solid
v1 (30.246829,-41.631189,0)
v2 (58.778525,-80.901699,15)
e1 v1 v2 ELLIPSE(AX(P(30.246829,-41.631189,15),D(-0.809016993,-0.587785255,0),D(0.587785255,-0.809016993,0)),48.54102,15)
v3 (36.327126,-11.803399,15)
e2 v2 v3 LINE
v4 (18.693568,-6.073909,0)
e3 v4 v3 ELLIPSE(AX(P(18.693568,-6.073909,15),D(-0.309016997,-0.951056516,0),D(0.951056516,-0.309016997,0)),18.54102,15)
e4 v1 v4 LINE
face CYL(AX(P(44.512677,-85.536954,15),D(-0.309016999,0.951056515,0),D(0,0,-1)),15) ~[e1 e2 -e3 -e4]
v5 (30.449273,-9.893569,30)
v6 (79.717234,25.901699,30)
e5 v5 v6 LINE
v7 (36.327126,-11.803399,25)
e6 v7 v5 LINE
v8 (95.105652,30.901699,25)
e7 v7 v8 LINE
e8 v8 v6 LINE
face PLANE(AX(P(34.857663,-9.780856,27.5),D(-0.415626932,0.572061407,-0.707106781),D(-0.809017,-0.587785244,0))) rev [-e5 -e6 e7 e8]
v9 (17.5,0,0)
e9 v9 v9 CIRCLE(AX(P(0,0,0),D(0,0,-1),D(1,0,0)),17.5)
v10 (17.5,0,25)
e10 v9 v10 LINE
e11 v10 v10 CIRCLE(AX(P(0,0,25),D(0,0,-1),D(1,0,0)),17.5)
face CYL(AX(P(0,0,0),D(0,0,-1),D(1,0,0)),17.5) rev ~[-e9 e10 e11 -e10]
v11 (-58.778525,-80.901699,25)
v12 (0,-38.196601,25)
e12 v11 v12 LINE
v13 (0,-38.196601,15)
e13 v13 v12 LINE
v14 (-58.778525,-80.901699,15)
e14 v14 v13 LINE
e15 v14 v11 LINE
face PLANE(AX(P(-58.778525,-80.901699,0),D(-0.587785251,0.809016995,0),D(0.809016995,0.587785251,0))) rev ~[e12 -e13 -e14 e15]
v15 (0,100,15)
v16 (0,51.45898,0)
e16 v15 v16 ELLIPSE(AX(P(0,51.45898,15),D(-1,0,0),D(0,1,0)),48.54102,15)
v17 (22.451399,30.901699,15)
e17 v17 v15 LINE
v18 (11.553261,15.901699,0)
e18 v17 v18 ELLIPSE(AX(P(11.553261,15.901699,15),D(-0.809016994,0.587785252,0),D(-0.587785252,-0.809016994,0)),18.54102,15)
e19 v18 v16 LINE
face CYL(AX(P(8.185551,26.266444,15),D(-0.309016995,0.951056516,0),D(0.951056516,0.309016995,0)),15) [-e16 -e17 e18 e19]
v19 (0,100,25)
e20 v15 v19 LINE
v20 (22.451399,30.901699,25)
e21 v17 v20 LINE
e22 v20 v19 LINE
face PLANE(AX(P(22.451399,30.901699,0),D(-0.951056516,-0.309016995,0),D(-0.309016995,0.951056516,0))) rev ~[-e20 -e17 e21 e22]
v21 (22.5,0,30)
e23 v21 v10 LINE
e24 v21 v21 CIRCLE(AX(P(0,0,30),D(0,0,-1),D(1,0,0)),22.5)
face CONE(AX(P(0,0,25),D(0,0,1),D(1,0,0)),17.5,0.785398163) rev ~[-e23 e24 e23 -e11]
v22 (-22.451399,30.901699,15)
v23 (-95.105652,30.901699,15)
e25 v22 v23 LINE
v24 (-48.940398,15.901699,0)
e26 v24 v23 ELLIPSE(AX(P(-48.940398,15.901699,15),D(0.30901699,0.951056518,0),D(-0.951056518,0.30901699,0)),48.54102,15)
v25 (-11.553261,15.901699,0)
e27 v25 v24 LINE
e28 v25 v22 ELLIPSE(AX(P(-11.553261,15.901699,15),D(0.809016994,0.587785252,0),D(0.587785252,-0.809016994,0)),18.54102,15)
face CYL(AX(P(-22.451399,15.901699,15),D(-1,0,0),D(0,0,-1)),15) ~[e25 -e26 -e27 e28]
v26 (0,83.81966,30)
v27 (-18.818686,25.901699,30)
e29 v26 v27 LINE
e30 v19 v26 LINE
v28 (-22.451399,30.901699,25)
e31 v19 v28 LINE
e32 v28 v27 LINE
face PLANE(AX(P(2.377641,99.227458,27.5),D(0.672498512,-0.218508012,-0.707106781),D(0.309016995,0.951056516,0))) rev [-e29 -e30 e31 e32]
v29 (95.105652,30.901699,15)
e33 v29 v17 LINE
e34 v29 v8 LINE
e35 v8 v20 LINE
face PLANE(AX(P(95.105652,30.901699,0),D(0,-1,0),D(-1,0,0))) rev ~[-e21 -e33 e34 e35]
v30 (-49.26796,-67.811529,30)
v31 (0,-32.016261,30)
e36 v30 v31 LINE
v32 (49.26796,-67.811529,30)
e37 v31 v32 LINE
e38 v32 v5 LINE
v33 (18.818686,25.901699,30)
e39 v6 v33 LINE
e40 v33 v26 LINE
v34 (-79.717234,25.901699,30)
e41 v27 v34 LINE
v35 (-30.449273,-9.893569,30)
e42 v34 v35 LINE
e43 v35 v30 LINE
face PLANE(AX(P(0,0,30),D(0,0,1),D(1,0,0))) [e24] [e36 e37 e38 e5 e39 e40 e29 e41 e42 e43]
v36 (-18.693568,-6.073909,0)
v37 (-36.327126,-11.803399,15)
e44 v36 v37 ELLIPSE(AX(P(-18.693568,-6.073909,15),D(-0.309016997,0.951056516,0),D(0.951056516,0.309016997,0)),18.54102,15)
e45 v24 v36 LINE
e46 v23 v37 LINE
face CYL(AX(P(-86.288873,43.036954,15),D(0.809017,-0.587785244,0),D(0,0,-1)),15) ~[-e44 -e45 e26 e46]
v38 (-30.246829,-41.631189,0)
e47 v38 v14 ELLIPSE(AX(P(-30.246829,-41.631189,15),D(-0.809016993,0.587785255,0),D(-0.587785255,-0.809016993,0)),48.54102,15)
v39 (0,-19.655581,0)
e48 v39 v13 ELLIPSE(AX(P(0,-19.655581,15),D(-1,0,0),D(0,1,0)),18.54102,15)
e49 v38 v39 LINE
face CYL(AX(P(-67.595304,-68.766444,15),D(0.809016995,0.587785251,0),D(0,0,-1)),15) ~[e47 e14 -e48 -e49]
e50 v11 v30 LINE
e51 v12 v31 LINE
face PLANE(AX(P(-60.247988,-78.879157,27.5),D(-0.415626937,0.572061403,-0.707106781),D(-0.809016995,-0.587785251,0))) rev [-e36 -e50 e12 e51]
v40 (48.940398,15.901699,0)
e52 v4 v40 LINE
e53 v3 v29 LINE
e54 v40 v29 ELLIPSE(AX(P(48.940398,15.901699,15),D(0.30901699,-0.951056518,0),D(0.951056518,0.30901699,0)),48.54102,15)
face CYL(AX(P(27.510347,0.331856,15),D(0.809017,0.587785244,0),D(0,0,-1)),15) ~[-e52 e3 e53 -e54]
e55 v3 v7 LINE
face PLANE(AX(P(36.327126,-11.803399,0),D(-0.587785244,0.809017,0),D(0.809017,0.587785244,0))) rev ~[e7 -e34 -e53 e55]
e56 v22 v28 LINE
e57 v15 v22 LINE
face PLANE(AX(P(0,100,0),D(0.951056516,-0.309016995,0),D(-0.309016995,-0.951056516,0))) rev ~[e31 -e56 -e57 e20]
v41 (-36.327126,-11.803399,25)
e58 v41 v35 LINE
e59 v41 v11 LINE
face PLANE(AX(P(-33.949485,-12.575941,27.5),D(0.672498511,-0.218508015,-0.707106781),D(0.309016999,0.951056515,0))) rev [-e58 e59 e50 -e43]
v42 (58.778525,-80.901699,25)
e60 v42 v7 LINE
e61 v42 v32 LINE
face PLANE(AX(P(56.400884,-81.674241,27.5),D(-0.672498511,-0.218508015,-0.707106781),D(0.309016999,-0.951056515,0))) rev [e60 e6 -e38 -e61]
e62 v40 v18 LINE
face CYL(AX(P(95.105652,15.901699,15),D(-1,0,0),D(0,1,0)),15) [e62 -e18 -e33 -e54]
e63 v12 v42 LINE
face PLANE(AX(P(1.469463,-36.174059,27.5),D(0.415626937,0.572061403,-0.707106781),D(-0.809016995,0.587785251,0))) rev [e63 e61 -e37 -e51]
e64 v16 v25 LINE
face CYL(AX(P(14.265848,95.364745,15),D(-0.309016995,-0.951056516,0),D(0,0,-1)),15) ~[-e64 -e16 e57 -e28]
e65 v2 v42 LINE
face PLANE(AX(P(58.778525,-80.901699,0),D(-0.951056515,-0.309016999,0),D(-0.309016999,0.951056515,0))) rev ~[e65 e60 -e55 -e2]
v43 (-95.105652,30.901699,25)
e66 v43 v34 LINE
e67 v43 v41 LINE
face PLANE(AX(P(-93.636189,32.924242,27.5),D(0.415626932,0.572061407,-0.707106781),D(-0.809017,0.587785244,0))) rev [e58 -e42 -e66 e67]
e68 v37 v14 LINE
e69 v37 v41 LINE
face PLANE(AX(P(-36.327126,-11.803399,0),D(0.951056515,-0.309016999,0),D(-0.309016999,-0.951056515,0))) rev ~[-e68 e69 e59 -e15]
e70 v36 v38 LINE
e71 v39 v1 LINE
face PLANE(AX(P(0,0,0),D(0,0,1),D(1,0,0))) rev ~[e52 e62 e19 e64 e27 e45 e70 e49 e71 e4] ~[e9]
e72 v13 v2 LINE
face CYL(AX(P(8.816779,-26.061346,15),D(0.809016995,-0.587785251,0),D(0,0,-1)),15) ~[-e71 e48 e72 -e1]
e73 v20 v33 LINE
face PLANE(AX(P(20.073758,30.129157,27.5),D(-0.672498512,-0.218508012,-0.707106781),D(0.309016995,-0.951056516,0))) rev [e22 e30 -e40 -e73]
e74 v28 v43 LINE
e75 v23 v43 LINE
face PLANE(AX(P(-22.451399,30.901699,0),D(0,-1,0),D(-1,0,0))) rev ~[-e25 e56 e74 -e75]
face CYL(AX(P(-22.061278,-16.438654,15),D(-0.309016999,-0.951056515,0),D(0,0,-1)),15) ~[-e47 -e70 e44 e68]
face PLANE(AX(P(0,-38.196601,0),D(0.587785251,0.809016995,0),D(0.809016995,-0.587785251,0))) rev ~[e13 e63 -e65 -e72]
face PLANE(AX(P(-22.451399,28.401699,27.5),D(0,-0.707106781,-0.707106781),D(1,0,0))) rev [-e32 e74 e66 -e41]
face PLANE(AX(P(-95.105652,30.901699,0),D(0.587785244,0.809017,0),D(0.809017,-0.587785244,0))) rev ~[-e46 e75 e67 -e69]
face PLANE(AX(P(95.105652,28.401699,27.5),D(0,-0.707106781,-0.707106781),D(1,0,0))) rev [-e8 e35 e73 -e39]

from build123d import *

# Parameters (mm, degrees)
F1_DEPTH = 30
F2_SIZE  = 5
F3_R     = 15
F4_R     = 17.5
F5_DEPTH = 40
F6_SIZE  = 5


with BuildPart() as f1:
    # F0 (on Top) → F1 (new body)
    with BuildSketch(Plane.XY):
        Polygon((22.451399, 30.901699), (0, 100), (-22.451399, 30.901699), (-95.105652, 30.901699), (-36.327126, -11.803399), (-58.778525, -80.901699), (0, -38.196601), (58.778525, -80.901699), (36.327126, -11.803399), (95.105652, 30.901699), align=None)
    extrude(amount=F1_DEPTH)

    # F2
    f2_edges = [f1.edges().sort_by_distance(p)[0] for p in [
        (65.716389, 9.54915, 30),
        (58.778525, 30.901699, 30),
        (11.225699, 65.45085, 30),
        (-11.225699, 65.45085, 30),
        (-58.778525, 30.901699, 30),
        (-65.716389, 9.54915, 30),
        (-47.552826, -46.352549, 30),
        (-29.389263, -59.54915, 30),
        (29.389263, -59.54915, 30),
        (47.552826, -46.352549, 30),
    ]]
    chamfer(f2_edges, length=F2_SIZE)

    # F3
    f3_edges = [f1.edges().sort_by_distance(p)[0] for p in [
        (65.716389, 9.54915, 0),
        (58.778525, 30.901699, 0),
        (11.225699, 65.45085, 0),
        (-11.225699, 65.45085, 0),
        (-58.778525, 30.901699, 0),
        (-65.716389, 9.54915, 0),
        (-47.552826, -46.352549, 0),
        (-29.389263, -59.54915, 0),
        (29.389263, -59.54915, 0),
        (47.552826, -46.352549, 0),
    ]]
    fillet(f3_edges, radius=F3_R)

    # F4 (on face) → F5 (cut)
    with BuildSketch(Plane(origin=(0, 0, 0), x_dir=(1, 0, 0), z_dir=(0, 0, -1))):
        Circle(F4_R)
    extrude(amount=-F5_DEPTH, mode=Mode.SUBTRACT)

    # F6
    f6_edges = [f1.edges().sort_by_distance(p)[0] for p in [
        (-17.5, 0, 30),
    ]]
    chamfer(f6_edges, length=F6_SIZE)


solid = f1.part
